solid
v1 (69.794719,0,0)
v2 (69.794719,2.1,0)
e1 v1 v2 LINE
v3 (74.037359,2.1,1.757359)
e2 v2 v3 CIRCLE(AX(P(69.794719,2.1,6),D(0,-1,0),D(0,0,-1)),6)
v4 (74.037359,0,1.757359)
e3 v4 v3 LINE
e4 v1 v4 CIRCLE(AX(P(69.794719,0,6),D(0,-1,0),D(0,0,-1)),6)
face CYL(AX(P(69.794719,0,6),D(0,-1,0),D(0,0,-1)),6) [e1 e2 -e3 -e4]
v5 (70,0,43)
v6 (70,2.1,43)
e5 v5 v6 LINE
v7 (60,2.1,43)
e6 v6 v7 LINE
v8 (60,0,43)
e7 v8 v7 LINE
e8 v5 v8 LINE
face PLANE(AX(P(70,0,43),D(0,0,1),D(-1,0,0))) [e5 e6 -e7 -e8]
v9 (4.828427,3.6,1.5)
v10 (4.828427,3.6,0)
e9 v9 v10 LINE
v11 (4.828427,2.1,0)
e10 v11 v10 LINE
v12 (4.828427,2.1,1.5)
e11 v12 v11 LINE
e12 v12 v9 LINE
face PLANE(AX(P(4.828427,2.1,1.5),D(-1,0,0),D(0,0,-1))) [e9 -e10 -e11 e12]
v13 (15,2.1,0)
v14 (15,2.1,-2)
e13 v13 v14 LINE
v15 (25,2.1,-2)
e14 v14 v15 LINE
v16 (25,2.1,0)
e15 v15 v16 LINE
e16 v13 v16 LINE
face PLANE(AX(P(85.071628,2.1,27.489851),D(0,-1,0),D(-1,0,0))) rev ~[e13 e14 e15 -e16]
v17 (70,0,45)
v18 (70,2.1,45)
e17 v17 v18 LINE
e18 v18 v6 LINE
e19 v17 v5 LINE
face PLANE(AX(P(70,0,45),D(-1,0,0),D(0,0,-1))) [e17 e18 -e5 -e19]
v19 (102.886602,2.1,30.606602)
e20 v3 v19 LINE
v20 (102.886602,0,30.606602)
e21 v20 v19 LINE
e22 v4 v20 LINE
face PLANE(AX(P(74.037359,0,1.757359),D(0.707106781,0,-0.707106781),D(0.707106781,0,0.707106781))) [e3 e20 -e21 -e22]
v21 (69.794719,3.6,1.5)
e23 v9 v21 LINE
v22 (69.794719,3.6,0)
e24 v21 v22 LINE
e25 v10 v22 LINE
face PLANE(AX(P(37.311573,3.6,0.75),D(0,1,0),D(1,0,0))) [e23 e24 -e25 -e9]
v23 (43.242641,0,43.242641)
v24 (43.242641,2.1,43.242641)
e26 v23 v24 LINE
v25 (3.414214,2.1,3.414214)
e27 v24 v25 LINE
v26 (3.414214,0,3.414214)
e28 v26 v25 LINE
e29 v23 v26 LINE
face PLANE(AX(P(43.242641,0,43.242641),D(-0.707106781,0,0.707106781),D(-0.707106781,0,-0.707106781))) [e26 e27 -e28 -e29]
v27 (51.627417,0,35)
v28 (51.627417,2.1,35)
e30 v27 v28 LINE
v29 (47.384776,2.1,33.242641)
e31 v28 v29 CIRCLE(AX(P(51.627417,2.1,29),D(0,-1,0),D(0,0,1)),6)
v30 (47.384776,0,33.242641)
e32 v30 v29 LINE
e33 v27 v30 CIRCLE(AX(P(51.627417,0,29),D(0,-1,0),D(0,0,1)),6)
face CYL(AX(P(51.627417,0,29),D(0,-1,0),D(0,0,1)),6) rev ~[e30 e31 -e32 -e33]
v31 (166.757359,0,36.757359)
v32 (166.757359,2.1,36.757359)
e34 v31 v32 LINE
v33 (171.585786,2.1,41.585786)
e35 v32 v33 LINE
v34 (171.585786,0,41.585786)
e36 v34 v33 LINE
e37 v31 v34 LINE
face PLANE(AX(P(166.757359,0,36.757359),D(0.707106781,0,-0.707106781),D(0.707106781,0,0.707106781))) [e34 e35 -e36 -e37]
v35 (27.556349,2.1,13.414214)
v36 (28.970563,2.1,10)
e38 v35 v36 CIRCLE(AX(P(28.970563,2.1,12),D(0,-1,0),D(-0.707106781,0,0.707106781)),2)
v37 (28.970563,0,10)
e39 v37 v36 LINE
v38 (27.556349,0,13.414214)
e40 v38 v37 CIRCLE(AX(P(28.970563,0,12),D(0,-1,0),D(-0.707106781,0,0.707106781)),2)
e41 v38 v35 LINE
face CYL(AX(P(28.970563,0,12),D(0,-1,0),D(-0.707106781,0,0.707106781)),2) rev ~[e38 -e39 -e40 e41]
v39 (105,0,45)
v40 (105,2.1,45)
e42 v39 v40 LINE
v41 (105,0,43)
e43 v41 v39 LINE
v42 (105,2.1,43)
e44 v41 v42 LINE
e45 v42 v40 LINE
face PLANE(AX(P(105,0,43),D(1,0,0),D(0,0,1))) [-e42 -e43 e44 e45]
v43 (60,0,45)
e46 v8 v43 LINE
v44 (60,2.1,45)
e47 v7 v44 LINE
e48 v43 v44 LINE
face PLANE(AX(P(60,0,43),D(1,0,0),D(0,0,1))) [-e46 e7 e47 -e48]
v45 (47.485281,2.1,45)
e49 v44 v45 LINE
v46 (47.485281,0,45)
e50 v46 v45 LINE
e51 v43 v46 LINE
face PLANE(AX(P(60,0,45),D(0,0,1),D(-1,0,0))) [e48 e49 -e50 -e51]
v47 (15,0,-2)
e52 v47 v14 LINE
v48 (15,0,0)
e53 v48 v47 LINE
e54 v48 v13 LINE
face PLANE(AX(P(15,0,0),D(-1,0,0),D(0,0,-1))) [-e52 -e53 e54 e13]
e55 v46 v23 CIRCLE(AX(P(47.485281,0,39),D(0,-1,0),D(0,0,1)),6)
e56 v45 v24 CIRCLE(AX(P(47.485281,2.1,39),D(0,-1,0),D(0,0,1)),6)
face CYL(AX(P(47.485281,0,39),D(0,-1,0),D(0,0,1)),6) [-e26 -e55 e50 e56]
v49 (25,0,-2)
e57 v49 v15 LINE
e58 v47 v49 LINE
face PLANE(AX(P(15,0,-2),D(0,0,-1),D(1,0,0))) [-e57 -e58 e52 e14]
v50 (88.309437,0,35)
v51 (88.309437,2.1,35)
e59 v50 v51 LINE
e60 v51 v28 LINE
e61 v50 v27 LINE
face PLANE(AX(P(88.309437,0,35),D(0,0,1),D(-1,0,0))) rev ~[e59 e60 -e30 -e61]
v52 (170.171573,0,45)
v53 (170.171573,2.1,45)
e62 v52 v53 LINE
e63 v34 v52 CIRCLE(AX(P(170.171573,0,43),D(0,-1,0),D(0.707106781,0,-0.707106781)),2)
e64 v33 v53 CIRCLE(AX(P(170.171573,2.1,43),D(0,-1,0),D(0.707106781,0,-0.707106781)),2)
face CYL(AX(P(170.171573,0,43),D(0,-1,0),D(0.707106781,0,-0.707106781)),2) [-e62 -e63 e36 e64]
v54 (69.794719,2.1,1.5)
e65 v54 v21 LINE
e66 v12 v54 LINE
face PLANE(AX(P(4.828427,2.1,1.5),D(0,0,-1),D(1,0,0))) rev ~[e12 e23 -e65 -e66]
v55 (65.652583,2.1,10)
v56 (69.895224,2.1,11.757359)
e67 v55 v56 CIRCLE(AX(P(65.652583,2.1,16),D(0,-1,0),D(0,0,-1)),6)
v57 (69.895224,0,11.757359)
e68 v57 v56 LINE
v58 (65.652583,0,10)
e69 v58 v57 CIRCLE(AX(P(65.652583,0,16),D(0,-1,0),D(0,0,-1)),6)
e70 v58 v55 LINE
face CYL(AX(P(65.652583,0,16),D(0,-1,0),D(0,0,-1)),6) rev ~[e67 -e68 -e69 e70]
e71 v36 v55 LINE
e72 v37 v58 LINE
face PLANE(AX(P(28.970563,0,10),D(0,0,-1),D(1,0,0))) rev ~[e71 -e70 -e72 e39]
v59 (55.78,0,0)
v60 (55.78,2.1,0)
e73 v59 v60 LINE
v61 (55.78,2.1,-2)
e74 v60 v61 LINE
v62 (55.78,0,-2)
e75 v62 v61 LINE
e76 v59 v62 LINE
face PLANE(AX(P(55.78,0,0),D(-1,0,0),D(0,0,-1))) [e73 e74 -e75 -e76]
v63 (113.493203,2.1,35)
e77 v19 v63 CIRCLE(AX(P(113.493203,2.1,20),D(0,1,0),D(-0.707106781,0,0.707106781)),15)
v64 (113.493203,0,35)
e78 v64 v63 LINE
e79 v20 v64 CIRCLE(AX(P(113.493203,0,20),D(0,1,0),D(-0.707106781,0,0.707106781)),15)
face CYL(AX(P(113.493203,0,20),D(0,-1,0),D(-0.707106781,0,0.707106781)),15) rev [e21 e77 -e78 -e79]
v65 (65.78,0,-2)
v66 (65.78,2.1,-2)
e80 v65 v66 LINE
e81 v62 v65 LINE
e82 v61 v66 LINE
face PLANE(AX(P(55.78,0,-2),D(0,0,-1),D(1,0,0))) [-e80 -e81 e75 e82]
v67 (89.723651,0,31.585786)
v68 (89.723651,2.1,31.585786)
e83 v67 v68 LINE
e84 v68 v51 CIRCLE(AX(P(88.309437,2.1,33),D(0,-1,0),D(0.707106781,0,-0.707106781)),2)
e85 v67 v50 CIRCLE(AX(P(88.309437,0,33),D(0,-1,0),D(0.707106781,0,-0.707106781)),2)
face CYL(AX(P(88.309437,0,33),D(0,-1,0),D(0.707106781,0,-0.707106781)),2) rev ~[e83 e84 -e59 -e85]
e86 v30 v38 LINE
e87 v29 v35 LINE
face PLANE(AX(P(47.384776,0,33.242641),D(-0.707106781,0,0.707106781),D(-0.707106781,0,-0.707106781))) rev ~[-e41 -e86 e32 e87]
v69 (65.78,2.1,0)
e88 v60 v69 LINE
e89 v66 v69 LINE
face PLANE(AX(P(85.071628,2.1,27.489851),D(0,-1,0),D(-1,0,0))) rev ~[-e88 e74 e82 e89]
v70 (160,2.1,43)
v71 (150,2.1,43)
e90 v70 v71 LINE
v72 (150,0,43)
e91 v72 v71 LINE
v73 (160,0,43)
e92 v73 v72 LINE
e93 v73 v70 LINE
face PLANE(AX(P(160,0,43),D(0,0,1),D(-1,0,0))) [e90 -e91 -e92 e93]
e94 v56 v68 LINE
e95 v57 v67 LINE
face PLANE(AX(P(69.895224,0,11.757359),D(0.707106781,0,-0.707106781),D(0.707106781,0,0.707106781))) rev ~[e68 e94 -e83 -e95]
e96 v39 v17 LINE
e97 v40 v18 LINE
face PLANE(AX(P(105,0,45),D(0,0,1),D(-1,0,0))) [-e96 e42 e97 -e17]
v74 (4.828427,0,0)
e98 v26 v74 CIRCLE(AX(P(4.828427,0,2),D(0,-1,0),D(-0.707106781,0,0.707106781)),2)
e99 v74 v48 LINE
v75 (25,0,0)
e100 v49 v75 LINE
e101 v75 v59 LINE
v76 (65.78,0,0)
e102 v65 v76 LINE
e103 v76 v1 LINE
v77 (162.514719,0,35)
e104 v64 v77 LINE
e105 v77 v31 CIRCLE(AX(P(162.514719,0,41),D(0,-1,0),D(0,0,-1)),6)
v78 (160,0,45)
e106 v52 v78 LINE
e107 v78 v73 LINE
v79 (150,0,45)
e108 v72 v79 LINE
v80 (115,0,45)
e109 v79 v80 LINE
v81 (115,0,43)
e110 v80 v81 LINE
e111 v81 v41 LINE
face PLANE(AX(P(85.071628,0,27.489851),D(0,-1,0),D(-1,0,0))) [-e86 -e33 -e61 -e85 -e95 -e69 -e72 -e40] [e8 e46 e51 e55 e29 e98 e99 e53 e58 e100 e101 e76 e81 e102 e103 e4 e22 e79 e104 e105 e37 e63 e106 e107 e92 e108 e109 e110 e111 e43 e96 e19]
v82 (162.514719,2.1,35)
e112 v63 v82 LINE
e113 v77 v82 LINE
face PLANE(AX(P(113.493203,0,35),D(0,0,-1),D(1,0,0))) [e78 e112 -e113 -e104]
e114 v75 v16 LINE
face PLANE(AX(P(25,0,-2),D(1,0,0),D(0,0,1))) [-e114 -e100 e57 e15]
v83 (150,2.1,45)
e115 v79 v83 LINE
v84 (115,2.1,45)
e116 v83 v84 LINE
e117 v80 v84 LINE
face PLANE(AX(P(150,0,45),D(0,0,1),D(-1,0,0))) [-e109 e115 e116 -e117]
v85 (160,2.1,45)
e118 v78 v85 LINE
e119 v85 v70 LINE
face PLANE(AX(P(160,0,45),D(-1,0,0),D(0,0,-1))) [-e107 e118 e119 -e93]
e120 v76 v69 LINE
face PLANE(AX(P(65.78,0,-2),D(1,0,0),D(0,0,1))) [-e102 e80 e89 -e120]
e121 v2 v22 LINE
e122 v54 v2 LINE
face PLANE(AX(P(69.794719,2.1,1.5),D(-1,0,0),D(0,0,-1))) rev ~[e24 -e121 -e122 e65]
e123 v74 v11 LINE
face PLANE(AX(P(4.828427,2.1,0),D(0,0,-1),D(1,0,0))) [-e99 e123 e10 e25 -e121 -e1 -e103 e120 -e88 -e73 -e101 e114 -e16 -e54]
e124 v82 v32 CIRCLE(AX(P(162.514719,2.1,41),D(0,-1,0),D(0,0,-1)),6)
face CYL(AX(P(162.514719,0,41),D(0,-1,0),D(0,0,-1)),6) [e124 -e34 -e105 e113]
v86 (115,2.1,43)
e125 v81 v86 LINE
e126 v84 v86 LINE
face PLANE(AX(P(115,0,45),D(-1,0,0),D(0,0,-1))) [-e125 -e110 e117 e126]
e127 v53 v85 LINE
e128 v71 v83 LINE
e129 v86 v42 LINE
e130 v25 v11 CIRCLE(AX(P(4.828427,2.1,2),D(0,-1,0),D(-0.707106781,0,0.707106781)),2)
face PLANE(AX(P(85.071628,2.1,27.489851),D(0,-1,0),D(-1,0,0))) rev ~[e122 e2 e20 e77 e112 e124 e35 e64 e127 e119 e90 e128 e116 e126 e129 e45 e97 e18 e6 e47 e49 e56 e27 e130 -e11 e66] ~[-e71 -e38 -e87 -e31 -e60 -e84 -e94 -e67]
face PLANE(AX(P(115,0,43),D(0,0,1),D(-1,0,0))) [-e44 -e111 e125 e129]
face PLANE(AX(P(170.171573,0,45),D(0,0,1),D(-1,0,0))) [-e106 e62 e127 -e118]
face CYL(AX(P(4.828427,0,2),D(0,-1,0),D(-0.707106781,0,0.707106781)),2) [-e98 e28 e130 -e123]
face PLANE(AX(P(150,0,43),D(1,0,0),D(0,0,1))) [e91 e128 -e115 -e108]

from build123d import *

# Parameters (mm, degrees)
BOSS_EXTRUDE1_DEPTH = 2.1
SKETCH2_W           = 64.966291501
SKETCH2_H           = 1.5
BOSS_EXTRUDE2_DEPTH = 1.5


with BuildPart() as part:
    # Sketch1 → Boss-Extrude1 (new body)
    with BuildSketch(Plane(origin=(0, 0, 0), x_dir=(1, 0, 0), z_dir=(0, 1, 0))):
        with BuildLine():
            Line((4.828427125, 0), (15, 0))
            Line((15, 0), (15, 2))
            Line((15, 2), (25, 2))
            Line((25, 2), (25, 0))
            Line((25, 0), (55.78, 0))
            Line((55.78, 0), (55.78, 2))
            Line((55.78, 2), (65.78, 2))
            Line((65.78, 2), (65.78, 0))
            Line((65.78, 0), (69.794718626, 0))
            ThreePointArc((69.794718626, 0), (72.09081922, -0.456722805), (74.037359313, -1.757359313))
            Line((74.037359313, -1.757359313), (102.886601718, -30.606601718))
            ThreePointArc((102.886601718, -30.606601718), (107.75295195, -33.858192988), (113.493203436, -35))
            Line((113.493203436, -35), (162.514718626, -35))
            ThreePointArc((162.514718626, -35), (164.81081922, -35.456722805), (166.757359313, -36.757359313))
            Line((166.757359313, -36.757359313), (171.585786438, -41.585786438))
            ThreePointArc((171.585786438, -41.585786438), (172.01933194, -43.765366865), (170.171572875, -45))
            Line((170.171572875, -45), (160, -45))
            Line((160, -45), (160, -43))
            Line((160, -43), (150, -43))
            Line((150, -43), (150, -45))
            Line((150, -45), (115, -45))
            Line((115, -45), (115, -43))
            Line((115, -43), (105, -43))
            Line((105, -43), (105, -45))
            Line((105, -45), (70, -45))
            Line((70, -45), (70, -43))
            Line((70, -43), (60, -43))
            Line((60, -43), (60, -45))
            Line((60, -45), (47.485281374, -45))
            ThreePointArc((47.485281374, -45), (45.18918078, -44.543277195), (43.242640687, -43.242640687))
            Line((43.242640687, -43.242640687), (3.414213562, -3.414213562))
            ThreePointArc((3.414213562, -3.414213562), (2.98066806, -1.234633135), (4.828427125, 0))
        make_face()
        with BuildLine():
            Line((28.970562748, -10), (65.652583002, -10))
            ThreePointArc((65.652583002, -10), (67.948683596, -10.456722805), (69.895223689, -11.757359313))
            Line((69.895223689, -11.757359313), (89.723650814, -31.585786438))
            ThreePointArc((89.723650814, -31.585786438), (90.157196317, -33.765366865), (88.309437252, -35))
            Line((88.309437252, -35), (51.627416998, -35))
            ThreePointArc((51.627416998, -35), (49.331316404, -34.543277195), (47.384776311, -33.242640687))
            Line((47.384776311, -33.242640687), (27.556349186, -13.414213562))
            ThreePointArc((27.556349186, -13.414213562), (27.122803683, -11.234633135), (28.970562748, -10))
        make_face(mode=Mode.SUBTRACT)
    extrude(amount=BOSS_EXTRUDE1_DEPTH)

    # Sketch2 → Boss-Extrude2 (add)
    with BuildSketch(Plane(origin=(0, 2.1, 0), x_dir=(1, 0, 0), z_dir=(0, 1, 0))):
        with Locations((37.311572876, -0.75)):
            Rectangle(SKETCH2_W, SKETCH2_H)
    extrude(amount=BOSS_EXTRUDE2_DEPTH)


solid = part.part
